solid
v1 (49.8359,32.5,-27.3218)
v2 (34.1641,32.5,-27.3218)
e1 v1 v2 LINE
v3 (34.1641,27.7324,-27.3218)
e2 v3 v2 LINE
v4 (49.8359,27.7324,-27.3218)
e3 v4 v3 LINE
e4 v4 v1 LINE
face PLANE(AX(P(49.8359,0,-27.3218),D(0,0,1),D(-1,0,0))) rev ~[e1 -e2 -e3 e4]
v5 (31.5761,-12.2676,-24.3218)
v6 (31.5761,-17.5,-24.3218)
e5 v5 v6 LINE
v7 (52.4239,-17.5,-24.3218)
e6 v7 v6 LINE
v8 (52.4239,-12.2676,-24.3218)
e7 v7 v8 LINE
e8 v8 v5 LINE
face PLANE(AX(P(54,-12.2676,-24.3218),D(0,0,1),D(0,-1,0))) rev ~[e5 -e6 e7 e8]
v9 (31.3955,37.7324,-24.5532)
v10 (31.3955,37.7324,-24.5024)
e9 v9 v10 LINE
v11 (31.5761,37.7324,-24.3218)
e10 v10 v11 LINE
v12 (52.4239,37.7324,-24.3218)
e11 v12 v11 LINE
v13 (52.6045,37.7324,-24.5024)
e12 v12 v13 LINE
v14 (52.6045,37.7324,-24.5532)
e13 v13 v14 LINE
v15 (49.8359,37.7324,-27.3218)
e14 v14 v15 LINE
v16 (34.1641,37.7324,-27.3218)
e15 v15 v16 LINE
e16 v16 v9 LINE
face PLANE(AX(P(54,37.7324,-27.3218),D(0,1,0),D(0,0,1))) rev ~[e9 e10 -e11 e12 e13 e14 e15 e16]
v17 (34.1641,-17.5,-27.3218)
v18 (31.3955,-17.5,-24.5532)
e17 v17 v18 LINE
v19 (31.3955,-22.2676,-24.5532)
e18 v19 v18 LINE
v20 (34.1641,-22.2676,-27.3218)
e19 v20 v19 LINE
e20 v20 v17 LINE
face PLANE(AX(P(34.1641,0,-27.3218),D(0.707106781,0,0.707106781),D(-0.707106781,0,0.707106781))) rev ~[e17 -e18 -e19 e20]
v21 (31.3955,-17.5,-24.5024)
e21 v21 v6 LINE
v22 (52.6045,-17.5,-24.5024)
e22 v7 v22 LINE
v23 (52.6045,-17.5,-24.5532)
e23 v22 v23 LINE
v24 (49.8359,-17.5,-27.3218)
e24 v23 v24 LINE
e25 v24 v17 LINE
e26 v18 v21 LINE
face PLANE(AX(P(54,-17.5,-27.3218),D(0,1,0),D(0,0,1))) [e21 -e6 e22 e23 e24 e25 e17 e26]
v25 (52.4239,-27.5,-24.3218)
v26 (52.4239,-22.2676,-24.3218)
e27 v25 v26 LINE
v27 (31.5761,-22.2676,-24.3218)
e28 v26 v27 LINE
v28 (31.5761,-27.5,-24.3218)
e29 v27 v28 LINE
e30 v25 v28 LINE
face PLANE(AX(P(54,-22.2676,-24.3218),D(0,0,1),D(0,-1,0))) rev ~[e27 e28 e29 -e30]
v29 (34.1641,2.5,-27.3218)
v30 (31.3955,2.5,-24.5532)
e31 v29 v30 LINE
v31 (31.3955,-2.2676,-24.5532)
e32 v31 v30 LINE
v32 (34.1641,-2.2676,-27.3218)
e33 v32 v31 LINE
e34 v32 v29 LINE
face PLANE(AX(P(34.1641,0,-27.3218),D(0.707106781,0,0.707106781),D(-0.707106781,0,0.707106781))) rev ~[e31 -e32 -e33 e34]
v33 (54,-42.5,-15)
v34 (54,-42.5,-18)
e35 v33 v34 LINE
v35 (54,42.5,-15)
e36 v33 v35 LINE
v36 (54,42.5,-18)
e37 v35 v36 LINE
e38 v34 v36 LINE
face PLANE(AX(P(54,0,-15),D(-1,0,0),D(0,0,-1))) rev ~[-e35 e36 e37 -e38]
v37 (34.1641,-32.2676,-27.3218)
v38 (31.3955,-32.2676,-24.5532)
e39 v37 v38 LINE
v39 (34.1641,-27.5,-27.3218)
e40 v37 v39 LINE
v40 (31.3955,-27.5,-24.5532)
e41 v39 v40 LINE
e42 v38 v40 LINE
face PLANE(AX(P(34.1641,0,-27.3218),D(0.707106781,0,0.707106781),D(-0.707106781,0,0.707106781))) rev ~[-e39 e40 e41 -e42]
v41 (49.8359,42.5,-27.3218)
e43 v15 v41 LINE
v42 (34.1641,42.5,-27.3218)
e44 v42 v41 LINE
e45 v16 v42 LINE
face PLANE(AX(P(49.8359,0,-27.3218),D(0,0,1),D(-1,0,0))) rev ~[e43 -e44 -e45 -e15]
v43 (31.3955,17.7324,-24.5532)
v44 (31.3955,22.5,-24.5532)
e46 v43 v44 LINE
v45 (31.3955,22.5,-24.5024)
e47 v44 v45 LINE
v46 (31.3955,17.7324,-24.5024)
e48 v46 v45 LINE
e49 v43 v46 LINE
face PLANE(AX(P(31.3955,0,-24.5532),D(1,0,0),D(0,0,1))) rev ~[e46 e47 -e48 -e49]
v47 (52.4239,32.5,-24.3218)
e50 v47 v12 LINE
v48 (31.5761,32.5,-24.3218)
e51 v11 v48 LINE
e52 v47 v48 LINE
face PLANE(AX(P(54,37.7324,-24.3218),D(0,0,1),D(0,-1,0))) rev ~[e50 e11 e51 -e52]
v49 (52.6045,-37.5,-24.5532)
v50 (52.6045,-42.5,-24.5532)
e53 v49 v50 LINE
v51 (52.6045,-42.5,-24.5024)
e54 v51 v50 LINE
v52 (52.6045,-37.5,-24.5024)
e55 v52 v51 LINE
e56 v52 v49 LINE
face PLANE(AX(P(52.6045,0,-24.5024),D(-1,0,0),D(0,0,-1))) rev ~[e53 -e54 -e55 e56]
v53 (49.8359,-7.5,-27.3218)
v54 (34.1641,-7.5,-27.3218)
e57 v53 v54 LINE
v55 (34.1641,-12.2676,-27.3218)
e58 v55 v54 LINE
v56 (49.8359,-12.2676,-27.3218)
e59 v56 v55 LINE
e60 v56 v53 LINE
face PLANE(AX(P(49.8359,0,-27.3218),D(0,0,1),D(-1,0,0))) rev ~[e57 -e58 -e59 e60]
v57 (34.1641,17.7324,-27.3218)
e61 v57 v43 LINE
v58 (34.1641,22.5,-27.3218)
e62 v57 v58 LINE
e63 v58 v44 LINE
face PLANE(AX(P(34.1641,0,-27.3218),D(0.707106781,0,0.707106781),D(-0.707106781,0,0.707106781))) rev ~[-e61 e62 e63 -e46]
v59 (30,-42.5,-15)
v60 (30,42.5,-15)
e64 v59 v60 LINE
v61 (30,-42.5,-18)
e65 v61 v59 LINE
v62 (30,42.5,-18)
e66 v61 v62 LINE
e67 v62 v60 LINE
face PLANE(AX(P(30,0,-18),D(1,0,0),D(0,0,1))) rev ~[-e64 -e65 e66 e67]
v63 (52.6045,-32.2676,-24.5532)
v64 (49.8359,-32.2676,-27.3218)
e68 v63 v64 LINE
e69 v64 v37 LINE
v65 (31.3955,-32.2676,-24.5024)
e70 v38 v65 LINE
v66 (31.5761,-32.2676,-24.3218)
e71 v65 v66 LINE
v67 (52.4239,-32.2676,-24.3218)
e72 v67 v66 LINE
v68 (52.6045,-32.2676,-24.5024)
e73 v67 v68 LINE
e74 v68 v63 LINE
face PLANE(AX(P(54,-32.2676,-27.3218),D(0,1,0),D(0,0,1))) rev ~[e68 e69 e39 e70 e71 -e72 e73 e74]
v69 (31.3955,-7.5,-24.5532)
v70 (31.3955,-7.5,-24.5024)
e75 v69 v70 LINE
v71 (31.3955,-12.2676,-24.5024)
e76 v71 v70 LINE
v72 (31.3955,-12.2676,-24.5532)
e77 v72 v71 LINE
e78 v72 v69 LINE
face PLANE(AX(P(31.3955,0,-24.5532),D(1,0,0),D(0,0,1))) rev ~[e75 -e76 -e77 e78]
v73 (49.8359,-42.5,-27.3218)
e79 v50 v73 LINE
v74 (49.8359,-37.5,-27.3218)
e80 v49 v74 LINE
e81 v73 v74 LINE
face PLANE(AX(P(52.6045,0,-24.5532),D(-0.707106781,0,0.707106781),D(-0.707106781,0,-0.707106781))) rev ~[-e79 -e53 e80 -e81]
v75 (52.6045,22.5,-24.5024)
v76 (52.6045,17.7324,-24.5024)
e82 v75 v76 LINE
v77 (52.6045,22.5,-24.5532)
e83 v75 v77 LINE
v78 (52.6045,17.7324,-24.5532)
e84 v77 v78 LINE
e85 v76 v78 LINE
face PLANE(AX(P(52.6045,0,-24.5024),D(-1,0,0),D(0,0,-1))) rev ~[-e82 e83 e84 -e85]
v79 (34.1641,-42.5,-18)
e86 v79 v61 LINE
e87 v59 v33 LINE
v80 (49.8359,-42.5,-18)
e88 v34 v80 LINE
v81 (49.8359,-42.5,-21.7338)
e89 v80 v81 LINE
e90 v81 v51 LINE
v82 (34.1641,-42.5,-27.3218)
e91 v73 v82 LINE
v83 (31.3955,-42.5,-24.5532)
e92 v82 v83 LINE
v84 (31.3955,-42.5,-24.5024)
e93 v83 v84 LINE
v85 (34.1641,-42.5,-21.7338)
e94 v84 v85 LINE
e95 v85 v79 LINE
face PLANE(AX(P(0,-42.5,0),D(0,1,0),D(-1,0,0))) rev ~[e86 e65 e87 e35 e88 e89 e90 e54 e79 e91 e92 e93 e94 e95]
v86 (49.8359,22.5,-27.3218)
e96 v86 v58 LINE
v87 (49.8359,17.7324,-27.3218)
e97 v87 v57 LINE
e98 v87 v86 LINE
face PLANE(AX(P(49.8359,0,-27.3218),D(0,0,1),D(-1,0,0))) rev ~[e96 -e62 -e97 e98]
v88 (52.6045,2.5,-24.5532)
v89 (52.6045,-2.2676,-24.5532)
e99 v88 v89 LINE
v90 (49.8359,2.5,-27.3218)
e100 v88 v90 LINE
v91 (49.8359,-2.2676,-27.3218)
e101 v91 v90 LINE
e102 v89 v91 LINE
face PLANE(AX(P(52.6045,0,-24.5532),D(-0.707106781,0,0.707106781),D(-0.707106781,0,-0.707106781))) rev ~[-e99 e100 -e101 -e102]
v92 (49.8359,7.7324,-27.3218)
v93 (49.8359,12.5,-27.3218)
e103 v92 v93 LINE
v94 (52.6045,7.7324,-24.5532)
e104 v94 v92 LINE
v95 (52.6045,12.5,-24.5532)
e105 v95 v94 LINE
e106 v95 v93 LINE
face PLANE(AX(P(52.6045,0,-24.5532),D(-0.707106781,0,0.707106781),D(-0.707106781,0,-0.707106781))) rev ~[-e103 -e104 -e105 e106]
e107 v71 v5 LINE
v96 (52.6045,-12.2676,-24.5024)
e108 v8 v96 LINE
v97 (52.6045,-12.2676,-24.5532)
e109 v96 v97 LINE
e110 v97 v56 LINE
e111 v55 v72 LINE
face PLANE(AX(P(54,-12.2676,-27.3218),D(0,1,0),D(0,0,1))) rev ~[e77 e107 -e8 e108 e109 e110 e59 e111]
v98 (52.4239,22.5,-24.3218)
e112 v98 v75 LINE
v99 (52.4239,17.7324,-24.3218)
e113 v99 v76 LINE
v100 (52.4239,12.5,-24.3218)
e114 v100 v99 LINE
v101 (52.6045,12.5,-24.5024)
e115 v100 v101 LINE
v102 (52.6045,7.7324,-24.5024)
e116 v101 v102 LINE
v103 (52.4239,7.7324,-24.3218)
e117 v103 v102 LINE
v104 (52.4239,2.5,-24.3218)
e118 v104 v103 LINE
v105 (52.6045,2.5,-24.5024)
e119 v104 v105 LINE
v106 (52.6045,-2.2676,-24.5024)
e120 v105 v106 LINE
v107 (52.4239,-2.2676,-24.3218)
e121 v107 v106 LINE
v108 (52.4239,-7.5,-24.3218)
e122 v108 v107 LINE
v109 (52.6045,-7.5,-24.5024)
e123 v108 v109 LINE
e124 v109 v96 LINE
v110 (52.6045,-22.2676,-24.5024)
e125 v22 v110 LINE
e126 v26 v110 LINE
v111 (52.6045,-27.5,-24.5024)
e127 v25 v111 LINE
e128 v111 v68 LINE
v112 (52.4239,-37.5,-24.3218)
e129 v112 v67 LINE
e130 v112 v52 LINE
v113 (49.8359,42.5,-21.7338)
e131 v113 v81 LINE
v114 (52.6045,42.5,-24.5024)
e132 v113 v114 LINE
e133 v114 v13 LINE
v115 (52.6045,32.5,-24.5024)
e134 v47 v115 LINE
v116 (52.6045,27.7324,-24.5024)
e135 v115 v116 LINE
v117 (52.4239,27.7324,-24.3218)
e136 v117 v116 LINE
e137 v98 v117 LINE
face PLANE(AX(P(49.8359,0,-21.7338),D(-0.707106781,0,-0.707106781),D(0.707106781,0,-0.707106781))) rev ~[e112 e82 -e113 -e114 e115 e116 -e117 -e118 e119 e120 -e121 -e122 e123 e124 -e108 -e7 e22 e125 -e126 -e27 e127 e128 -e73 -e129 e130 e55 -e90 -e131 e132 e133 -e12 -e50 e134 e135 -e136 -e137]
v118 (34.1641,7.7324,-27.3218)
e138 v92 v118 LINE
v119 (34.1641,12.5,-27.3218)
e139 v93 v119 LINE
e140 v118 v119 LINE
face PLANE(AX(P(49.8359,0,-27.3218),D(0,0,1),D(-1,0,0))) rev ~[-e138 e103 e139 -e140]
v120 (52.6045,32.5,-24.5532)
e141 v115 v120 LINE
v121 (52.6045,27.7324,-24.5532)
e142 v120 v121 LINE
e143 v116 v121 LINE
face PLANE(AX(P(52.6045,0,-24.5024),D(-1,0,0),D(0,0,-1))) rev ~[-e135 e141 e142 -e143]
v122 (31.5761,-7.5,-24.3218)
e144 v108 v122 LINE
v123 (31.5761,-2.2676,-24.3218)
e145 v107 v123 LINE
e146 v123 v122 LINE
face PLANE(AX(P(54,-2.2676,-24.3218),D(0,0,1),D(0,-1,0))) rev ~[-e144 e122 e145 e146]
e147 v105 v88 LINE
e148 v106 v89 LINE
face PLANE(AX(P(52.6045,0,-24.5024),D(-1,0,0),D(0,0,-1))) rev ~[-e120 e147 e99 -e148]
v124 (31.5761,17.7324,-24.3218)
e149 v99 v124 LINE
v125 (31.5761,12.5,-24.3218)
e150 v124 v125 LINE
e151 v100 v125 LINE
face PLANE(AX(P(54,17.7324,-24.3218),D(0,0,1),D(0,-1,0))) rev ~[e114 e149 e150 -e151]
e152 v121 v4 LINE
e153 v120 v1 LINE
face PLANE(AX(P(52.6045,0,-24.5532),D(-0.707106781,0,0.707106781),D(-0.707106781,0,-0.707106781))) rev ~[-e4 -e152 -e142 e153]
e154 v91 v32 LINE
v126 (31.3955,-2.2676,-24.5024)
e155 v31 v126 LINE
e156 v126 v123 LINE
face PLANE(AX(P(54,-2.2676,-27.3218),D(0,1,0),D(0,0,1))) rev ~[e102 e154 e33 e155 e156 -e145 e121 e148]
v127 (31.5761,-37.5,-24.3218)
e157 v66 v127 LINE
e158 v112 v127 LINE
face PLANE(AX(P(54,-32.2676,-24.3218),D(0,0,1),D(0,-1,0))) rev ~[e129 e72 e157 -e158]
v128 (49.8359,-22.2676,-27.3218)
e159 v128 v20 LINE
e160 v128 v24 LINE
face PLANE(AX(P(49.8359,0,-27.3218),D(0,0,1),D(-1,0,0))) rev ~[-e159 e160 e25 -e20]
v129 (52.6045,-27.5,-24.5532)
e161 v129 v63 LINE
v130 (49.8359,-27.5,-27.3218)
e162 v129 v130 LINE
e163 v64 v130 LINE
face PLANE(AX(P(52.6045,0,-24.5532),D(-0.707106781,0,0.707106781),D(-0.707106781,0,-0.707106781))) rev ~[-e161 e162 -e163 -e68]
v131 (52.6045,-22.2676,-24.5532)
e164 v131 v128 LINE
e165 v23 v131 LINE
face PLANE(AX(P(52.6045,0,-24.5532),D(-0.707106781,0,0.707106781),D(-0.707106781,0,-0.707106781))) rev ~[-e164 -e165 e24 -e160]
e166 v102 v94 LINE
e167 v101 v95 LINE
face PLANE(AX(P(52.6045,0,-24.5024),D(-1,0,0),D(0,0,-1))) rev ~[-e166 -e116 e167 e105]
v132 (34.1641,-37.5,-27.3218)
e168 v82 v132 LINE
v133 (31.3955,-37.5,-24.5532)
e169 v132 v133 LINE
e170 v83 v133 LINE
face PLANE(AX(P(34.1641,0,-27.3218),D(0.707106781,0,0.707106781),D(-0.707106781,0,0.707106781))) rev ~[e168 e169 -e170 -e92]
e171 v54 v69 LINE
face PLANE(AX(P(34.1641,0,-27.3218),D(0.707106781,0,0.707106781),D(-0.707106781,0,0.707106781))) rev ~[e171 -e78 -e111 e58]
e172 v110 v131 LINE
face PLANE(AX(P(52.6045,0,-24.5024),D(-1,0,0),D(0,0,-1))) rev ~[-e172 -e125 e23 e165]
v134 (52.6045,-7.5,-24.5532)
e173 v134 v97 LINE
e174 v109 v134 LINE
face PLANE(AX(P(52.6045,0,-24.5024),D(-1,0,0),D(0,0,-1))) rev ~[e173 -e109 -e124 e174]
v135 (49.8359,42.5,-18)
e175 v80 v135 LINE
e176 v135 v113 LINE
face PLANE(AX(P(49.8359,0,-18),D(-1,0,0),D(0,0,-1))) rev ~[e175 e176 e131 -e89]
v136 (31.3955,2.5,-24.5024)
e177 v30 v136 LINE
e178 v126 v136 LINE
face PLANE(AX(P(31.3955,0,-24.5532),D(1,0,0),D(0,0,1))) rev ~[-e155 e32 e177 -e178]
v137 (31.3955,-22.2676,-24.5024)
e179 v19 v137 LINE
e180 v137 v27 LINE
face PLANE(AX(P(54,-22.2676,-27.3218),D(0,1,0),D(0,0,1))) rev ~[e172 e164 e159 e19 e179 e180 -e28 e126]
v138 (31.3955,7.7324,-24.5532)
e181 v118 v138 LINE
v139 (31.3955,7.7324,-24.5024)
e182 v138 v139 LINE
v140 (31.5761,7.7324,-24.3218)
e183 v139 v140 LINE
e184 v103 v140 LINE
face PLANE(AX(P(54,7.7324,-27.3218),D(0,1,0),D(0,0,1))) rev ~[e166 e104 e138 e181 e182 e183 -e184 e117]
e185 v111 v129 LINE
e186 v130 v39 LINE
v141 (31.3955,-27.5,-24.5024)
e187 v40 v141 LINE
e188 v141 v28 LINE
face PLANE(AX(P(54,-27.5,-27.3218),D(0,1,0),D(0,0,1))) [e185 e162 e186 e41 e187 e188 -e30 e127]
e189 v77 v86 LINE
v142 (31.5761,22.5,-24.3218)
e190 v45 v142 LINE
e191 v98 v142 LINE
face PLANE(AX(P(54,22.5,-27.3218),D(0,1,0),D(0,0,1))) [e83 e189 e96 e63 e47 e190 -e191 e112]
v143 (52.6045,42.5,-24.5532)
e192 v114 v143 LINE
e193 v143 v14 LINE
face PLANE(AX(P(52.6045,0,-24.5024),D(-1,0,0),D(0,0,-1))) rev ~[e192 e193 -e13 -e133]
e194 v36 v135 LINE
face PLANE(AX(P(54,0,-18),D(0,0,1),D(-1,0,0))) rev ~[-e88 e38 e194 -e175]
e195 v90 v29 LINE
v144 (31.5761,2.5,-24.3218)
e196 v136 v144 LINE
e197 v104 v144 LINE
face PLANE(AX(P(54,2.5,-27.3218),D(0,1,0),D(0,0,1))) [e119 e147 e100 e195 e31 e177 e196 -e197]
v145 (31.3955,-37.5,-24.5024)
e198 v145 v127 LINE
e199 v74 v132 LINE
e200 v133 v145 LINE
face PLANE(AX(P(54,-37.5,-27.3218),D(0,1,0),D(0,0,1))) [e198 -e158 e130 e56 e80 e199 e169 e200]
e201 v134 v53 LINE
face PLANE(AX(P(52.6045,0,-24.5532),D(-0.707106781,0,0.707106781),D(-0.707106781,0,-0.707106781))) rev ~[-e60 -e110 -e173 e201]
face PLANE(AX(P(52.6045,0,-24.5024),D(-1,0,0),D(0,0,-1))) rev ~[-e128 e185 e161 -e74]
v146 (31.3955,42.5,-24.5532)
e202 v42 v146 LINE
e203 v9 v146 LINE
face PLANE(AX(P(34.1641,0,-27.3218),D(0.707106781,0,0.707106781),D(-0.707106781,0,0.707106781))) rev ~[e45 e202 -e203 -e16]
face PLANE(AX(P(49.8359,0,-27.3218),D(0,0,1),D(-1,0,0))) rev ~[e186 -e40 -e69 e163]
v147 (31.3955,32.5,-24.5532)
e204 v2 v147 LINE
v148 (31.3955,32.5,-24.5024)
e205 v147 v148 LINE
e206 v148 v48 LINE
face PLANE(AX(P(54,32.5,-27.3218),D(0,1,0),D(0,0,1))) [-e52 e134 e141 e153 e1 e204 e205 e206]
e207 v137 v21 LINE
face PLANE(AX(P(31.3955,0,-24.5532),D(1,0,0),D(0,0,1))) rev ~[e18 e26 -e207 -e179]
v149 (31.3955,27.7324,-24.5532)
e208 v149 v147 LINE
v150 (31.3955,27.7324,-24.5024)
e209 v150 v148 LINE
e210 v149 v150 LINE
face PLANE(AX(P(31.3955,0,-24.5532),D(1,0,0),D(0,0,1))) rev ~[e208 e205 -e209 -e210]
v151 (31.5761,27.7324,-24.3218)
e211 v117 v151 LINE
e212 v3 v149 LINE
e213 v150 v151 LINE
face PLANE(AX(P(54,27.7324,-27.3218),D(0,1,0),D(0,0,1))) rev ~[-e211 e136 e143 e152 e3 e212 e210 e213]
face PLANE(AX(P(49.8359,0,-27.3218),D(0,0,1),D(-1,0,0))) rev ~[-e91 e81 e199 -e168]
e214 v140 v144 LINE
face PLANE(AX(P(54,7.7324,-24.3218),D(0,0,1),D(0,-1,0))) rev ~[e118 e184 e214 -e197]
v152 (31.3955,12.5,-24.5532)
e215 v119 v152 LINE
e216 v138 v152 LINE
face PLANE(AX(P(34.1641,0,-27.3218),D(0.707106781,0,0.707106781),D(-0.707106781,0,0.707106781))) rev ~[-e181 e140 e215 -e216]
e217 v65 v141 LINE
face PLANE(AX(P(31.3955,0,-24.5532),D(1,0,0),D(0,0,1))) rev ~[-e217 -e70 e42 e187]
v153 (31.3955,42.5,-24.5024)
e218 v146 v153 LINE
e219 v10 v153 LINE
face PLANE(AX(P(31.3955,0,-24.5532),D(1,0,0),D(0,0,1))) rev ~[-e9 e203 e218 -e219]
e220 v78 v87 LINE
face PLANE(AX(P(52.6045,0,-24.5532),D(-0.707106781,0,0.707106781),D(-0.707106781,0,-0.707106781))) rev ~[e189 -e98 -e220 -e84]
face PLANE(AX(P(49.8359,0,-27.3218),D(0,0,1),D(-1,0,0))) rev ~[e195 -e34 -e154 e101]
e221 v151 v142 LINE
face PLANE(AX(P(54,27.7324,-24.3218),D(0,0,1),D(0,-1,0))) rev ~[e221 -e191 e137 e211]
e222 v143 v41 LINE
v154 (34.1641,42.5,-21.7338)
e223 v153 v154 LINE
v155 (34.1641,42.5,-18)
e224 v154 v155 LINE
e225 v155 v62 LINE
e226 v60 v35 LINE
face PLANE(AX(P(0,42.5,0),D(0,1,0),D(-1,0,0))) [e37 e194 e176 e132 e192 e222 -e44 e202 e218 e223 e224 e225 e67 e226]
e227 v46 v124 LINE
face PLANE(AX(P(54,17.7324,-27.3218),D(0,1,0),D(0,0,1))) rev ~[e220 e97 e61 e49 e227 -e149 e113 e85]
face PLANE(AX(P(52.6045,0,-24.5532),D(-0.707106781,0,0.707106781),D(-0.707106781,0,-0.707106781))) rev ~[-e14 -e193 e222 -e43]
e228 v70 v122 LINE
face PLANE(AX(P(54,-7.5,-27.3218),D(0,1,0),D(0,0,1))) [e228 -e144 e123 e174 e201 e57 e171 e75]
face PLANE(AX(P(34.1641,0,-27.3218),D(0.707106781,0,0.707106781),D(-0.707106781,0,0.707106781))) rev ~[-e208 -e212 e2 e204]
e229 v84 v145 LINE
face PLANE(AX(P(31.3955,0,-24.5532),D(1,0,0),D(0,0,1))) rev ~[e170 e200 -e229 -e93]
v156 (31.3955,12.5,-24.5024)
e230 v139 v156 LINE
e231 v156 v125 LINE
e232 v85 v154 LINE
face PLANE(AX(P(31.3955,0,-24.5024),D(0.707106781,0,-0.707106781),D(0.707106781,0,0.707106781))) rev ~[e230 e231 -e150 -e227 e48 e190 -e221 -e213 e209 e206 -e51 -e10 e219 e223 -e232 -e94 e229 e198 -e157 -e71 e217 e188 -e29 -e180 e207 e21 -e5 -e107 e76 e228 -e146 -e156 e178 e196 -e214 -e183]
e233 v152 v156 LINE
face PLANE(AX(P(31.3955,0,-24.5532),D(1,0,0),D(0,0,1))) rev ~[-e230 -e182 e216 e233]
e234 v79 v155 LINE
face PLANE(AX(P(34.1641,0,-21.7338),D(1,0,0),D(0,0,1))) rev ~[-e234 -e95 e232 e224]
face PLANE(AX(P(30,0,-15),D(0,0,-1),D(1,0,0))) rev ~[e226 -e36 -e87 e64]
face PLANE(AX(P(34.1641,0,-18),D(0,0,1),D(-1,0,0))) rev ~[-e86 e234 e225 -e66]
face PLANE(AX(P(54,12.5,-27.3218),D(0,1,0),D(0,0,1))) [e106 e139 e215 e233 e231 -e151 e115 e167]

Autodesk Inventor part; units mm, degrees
ref_plane "YZ Plane" through (0, 0, 0) normal (1, 0, 0) x (0, 1, 0)
ref_plane "XZ Plane" through (0, 0, 0) normal (0, 1, 0) x (-1, 0, 0)
ref_plane "XY Plane" through (0, 0, 0) normal (0, 0, 1) x (1, 0, 0)
sketch "Эскиз1" plane through (0, 0, 0) normal (0, 1, 0) x (-1, 0, 0)
  line L0 (-49.8359, -27.3218) -> (-34.1641, -27.3218)
  line L1 (-34.1641, -27.3218) -> (-31.3955, -24.5532)
  line L2 (-31.3955, -24.5532) -> (-31.3955, -24.5024)
  line L3 (-31.3955, -24.5024) -> (-34.1641, -21.7338)
  line L4 (-34.1641, -21.7338) -> (-34.1641, -18)
  line L5 (-34.1641, -18) -> (-30, -18)
  line L6 (-30, -18) -> (-30, -15)
  line L7 (-30, -15) -> (-54, -15)
  line L8 (-54, -15) -> (-54, -18)
  line L9 (-54, -18) -> (-49.8359, -18)
  line L10 (-49.8359, -18) -> (-49.8359, -21.7338)
  line L11 (-49.8359, -21.7338) -> (-52.6045, -24.5024)
  line L12 (-52.6045, -24.5024) -> (-52.6045, -24.5532)
  line L13 (-52.6045, -24.5532) -> (-49.8359, -27.3218)
  line L14 (-56.1832, -23.1562) -> (-23.3808, -23.1562) construction
  line L15 (-55.8733, -25.8994) -> (-24.0699, -25.8994) construction
  line L16 (-55.8733, -24.5278) -> (-24.0699, -24.5278) construction
  line L17 (-25.0606, -25.8994) -> (-25.0606, -24.5278) construction
  line L18 (-26.6052, -24.5278) -> (-26.6052, -23.1562) construction
  line L19 (-37.1641, -27.3218) -> (-38.6641, -24.3218)
  line L20 (-38.6641, -24.3218) -> (-45.3359, -24.3218)
  line L21 (-45.3359, -24.3218) -> (-46.8359, -27.3218)
  point P0 (0, 0)
  point P1 (-31.3955, -24.5278)
  dimension "d0" = 21.209
  dimension "d1" = 9.3218
  dimension "d2" = 15.6718
  dimension "d3" = 4.1656
  dimension "d4" = 2.7432
  dimension "d5" = 45
  dimension "d6" = 45
  dimension "d7" = 45
  dimension "d8" = 3
  dimension "d9" = 24
  dimension "d10" = 15
  dimension "d11" = 30
  dimension "d23" = 3
  dimension "d24" = 3
  dimension "d25" = 1.5
  dimension "d26" = 1.5
  dimension "d27" = 3
extrude "Выдавливание1" add sketch "Эскиз1" along normal mid plane 85
sketch "Эскиз2" plane through (54, -42.5, -18) normal (1, 0, 0) x (0, 0, -1)
  line L0 (9.3218, 85) -> (6.5532, 85) projected
  line L1 (6.3218, 85) -> (6.3218, 0)
  line L2 (6.5532, 0) -> (9.3218, 0) projected
  line L3 (9.3218, 85) -> (9.3218, 0) projected
  line L4 (9.3218, 0) -> (9.3218, 85) projected
  line L5 (9.3218, 80.2324) -> (6.3218, 80.2324)
  line L6 (9.3218, 75) -> (6.3218, 75)
  point P0 (-18, 42.5)
  dimension "d14" = 3
  dimension "d15" = 5.2324
  dimension "d16" = 10
extrude "Выдавливание2" cut sketch "Эскиз2" against normal through all
pattern_linear "Прямоуг.массив1" count 8 spacing 10 along (0, -1, 0) of "Выдавливание2"
equation "\"d24\" = d23"
equation "\"d26\" = d25"
properties part number "Rail_3DПЕЧАТЬ"
